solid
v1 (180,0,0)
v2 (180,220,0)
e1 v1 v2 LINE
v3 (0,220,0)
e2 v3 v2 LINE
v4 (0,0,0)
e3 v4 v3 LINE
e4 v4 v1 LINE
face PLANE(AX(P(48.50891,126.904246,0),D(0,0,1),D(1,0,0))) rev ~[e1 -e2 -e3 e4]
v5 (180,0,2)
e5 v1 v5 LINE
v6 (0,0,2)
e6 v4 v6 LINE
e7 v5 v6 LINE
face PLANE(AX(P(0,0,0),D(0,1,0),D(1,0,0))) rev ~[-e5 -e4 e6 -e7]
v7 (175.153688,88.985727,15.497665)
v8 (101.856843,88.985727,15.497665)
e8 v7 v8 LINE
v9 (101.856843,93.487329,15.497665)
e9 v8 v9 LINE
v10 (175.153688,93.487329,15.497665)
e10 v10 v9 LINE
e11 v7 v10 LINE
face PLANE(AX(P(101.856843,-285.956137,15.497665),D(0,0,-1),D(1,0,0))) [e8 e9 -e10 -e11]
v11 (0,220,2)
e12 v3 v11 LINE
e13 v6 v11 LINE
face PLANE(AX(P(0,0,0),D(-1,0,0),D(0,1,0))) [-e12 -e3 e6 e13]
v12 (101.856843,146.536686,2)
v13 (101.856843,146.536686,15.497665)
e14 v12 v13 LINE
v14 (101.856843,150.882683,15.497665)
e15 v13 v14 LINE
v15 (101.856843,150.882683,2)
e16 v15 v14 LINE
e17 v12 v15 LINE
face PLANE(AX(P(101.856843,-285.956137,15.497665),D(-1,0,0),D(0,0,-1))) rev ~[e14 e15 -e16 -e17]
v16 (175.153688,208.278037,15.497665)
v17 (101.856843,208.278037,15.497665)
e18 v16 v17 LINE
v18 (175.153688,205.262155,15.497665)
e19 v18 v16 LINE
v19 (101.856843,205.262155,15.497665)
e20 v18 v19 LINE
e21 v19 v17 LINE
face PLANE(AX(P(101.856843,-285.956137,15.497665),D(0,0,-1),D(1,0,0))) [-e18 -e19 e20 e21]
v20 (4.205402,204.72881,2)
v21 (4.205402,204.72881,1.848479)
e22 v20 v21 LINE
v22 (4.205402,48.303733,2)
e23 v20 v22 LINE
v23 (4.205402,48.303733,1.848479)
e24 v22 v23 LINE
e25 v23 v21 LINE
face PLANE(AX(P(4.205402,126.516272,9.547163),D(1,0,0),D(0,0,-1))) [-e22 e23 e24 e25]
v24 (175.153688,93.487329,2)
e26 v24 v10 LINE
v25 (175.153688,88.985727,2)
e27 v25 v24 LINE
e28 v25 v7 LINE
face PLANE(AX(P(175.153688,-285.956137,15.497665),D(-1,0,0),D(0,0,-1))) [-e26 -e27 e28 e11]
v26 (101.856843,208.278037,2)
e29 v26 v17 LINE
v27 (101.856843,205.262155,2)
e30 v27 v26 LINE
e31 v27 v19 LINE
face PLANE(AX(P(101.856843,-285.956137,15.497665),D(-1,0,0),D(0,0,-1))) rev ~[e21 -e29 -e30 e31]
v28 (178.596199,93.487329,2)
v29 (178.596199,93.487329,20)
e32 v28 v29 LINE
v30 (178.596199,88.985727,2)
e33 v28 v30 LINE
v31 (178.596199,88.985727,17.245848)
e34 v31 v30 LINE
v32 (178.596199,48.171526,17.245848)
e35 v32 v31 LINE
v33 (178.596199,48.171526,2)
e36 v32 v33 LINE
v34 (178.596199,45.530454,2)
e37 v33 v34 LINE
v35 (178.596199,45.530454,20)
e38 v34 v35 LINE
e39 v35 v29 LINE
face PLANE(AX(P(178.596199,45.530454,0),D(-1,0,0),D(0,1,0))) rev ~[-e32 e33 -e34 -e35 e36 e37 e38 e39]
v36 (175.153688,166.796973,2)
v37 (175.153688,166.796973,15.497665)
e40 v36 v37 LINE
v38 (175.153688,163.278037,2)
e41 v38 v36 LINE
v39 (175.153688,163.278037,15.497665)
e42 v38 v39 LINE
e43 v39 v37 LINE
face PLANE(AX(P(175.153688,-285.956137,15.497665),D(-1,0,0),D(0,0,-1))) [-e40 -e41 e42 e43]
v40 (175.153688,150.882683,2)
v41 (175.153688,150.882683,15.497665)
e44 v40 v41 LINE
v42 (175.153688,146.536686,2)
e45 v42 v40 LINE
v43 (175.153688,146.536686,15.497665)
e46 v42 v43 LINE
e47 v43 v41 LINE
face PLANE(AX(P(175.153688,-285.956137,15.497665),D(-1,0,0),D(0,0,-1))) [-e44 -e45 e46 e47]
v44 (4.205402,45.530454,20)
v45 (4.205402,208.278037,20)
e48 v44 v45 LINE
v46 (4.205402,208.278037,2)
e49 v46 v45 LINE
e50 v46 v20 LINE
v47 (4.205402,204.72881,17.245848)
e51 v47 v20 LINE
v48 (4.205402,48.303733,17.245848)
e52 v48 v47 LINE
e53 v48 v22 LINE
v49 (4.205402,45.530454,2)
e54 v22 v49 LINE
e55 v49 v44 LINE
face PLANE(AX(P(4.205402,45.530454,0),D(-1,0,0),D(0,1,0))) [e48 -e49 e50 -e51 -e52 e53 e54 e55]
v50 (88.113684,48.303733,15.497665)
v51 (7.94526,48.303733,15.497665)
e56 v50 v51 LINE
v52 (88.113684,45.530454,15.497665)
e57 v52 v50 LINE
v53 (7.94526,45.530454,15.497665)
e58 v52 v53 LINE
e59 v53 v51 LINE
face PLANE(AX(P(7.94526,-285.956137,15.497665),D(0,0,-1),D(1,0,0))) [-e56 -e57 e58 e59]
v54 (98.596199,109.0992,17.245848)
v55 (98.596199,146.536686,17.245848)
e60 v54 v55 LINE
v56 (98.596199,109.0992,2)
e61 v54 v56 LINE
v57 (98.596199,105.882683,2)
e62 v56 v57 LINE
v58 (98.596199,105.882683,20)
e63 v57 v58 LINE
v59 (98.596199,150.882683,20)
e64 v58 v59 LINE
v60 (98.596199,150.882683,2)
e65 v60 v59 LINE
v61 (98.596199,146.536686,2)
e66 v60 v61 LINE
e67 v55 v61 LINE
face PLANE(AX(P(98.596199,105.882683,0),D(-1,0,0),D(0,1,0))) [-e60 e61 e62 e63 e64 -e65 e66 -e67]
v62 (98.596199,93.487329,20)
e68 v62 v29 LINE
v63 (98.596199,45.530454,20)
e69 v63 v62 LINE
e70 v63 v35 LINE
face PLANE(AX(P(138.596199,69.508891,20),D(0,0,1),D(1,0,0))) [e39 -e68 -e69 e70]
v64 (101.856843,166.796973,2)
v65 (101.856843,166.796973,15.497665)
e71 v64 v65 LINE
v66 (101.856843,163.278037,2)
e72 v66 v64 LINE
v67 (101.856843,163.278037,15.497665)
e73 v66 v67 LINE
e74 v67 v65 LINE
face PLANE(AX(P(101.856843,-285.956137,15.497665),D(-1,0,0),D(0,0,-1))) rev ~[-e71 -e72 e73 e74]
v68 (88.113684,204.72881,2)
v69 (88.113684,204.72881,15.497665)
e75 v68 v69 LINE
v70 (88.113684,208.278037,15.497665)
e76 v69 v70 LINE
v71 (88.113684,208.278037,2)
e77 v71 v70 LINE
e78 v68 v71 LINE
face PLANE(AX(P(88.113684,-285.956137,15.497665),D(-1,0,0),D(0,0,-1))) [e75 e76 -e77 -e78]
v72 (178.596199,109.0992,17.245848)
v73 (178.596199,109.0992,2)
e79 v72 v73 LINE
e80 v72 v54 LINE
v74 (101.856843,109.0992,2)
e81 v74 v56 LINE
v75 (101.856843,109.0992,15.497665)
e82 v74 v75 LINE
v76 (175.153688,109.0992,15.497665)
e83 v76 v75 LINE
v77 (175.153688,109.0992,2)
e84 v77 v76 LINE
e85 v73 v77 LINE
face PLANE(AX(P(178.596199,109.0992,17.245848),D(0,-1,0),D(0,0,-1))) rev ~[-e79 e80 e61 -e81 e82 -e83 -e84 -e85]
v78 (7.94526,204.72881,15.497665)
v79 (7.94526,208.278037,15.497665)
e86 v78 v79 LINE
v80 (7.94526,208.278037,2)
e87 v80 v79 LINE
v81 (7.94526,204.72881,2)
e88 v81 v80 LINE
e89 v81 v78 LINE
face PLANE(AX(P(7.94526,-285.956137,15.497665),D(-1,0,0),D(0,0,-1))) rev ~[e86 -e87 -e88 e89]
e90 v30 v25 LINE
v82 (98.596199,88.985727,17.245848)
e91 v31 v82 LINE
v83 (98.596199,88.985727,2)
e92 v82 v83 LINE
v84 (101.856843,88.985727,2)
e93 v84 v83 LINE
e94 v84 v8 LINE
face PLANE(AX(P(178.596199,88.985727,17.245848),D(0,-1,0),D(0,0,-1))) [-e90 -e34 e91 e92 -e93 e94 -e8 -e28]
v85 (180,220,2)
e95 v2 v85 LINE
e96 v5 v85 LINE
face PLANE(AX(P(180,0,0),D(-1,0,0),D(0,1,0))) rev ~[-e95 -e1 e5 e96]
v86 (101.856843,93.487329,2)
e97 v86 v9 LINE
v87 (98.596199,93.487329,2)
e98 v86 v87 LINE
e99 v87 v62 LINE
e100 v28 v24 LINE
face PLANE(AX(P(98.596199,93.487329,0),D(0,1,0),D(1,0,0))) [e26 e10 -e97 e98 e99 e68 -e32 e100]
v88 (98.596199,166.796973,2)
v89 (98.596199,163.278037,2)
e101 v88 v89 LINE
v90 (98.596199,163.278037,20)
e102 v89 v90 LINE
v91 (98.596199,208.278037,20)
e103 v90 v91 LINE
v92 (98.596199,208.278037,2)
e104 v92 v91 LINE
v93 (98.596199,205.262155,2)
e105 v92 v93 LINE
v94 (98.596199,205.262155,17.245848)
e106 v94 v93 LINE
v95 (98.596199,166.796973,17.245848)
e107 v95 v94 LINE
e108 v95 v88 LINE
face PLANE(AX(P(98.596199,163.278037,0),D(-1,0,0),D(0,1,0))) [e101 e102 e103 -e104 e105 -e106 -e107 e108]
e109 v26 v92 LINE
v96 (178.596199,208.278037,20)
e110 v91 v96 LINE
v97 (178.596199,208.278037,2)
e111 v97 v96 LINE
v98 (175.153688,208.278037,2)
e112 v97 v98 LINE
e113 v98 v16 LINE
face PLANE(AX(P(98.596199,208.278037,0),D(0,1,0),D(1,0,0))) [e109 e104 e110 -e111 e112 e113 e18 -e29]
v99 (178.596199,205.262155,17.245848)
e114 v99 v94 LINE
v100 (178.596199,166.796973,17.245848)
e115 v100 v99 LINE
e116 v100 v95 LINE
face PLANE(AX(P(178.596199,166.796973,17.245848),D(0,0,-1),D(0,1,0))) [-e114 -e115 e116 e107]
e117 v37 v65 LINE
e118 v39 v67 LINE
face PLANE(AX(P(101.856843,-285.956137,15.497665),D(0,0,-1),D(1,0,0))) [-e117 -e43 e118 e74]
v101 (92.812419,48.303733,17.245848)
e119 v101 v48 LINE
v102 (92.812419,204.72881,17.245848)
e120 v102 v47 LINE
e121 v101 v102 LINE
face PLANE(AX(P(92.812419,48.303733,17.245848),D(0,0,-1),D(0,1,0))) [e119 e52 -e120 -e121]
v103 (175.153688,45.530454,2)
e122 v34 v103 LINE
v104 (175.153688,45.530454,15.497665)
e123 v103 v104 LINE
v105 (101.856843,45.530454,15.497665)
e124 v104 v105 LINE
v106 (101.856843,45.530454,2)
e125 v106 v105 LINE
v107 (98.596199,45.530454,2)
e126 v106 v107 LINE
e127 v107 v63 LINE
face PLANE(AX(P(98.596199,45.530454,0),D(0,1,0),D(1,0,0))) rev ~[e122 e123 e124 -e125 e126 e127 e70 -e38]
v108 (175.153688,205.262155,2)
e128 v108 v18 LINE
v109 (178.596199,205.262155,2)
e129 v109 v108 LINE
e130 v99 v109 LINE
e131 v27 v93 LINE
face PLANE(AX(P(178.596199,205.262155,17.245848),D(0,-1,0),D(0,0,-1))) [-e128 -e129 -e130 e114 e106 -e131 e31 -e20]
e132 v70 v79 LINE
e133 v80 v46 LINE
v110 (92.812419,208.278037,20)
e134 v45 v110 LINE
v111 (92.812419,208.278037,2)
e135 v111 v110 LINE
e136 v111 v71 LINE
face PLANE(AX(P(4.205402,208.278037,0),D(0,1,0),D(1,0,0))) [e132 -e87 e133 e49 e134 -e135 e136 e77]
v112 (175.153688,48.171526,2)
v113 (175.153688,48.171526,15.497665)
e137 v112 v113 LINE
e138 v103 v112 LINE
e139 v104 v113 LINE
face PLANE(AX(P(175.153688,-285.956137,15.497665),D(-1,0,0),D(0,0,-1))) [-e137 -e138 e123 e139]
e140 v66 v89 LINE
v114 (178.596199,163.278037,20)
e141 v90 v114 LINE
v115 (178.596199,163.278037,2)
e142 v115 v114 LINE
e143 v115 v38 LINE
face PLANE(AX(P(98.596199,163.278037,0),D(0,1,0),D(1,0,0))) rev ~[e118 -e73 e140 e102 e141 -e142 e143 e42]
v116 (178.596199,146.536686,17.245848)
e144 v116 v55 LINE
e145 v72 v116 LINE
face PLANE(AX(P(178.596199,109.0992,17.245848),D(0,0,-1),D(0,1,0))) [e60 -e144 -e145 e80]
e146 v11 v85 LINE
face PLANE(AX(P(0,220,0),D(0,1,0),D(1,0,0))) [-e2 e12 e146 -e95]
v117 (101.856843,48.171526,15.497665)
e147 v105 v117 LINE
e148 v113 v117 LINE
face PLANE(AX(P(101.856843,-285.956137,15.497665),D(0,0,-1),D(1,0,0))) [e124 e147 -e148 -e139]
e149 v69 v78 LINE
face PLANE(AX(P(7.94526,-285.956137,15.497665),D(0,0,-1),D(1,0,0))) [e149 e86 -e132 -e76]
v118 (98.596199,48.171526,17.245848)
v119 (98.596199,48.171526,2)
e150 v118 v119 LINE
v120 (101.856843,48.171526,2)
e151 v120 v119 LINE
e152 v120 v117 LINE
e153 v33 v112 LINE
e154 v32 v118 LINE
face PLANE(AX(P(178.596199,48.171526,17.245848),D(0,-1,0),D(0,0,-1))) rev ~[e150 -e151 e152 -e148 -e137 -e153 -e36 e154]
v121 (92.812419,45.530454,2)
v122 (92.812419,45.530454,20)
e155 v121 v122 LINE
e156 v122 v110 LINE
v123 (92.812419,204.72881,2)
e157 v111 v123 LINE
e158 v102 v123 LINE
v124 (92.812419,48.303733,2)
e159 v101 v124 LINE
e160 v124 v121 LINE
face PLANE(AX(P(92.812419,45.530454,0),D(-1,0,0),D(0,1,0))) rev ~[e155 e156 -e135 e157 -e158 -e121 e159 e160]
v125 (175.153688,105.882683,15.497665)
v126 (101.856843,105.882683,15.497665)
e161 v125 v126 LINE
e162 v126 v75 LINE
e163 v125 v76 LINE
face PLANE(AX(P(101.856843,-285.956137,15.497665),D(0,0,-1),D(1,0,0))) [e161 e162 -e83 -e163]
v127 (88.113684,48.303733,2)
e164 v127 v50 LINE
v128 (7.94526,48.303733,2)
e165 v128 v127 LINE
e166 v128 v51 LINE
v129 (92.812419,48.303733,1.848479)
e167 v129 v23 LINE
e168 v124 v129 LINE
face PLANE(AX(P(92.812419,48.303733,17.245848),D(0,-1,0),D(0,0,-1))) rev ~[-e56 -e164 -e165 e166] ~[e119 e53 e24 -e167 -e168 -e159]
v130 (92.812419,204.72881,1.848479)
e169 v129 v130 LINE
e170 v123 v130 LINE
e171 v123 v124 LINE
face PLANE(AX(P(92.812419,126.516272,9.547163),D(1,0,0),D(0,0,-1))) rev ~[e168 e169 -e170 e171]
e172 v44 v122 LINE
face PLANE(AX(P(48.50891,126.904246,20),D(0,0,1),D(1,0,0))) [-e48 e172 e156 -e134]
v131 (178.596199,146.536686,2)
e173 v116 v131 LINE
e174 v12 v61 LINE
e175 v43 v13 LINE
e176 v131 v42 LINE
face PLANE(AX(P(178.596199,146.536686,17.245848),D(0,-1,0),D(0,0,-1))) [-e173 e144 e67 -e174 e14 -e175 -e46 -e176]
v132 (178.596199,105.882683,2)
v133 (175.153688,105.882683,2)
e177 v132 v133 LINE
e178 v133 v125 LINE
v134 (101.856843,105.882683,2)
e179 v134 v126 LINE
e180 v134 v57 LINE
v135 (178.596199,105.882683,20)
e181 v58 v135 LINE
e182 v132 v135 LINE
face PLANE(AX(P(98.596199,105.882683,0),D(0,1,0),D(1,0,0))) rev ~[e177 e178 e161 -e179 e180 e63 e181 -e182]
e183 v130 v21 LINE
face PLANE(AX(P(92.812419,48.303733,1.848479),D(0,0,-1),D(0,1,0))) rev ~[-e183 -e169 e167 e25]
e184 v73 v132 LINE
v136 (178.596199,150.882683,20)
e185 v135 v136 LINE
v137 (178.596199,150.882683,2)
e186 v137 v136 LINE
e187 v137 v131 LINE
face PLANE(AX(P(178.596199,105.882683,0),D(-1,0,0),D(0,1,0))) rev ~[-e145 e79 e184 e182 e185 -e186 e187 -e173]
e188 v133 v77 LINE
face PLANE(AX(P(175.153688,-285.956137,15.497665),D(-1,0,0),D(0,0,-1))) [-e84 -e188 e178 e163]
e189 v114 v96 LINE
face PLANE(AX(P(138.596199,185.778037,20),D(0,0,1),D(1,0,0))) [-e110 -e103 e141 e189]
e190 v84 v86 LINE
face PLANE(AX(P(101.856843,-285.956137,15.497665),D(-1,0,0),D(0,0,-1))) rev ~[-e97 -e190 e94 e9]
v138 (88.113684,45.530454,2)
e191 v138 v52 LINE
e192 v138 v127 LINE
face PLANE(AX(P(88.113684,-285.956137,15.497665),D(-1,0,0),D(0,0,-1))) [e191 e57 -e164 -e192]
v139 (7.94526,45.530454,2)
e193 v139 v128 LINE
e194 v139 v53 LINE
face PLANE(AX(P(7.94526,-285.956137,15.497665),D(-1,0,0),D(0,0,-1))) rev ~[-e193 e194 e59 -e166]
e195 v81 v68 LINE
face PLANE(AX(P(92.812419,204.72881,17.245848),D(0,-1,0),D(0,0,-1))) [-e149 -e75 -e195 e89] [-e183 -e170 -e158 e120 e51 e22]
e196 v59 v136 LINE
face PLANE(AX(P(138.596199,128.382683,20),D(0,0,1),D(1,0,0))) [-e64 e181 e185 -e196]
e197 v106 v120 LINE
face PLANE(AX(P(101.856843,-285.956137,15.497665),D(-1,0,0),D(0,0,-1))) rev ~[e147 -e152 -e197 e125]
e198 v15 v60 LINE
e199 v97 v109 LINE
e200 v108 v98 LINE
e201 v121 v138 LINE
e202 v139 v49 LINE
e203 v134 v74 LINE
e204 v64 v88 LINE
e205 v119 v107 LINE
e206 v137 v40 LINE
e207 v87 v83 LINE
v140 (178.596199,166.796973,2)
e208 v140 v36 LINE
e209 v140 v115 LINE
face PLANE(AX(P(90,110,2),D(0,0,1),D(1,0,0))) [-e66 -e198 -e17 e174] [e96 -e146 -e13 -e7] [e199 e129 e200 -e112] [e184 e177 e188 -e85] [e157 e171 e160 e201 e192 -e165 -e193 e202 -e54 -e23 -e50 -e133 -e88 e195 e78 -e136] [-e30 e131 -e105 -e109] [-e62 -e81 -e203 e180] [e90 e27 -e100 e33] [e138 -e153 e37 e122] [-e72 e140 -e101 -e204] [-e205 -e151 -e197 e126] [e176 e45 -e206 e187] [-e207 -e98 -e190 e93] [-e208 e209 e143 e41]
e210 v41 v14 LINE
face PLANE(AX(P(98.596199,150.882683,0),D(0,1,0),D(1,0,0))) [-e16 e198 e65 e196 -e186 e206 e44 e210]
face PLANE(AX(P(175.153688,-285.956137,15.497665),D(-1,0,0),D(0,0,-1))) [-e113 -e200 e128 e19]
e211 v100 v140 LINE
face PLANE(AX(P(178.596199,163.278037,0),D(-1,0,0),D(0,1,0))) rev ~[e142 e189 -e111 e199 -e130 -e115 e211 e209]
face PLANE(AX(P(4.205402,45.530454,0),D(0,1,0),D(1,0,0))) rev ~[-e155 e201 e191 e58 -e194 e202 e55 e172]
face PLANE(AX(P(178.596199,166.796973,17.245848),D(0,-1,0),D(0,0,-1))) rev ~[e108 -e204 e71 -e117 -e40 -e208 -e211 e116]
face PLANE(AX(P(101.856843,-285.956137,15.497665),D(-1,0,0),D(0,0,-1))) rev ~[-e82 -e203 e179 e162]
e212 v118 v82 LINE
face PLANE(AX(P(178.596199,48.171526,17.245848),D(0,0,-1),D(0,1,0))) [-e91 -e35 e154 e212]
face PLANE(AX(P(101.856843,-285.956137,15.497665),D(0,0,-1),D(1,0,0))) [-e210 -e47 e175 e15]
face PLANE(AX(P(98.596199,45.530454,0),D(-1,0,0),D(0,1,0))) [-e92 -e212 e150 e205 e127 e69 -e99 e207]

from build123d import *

# Parameters (mm, degrees)
SKETCH1_W               = 180
SKETCH1_H               = 220
BASE_DEPTH              = 2
SKETCH2_W               = 88.607017387
SKETCH2_H               = 162.747582956
SKETCH2_W_2             = 80
SKETCH2_H_2             = 45
SKETCH2_H_3             = 47.956874403
BOARDS_DEPTH            = 20
CUT_EXTRUDE1_DEPTH      = 285.956136976
CUT_EXTRUDE1_DEPTH_BACK = 285.956136976
SKETCH3_W               = 80.16842423
SKETCH3_H               = 13.497664936
SKETCH3_W_2             = 73.29684501
SKETCH4_W               = 15.397369521
SKETCH4_H               = 156.425076719
CUT_EXTRUDE2_DEPTH      = 88.607017387
SKETCH5_W               = 15.24584824
SKETCH5_H               = 38.4651821
SKETCH5_H_2             = 37.437486396
SKETCH5_H_3             = 40.814200855
CUT_EXTRUDE3_DEPTH      = 80


with BuildPart() as part:
    # Sketch1 → Base (new body)
    with BuildSketch(Plane.XY):
        with Locations((90, 110)):
            Rectangle(SKETCH1_W, SKETCH1_H)
    extrude(amount=BASE_DEPTH)

    # Sketch2 → Boards (add)
    with BuildSketch(Plane.XY):
        with Locations((48.5089102, 126.904245713)):
            Rectangle(SKETCH2_W, SKETCH2_H)
        with Locations((138.596199401, 185.778037191)):
            Rectangle(SKETCH2_W_2, SKETCH2_H_2)
        with Locations((138.596199401, 128.382682915)):
            Rectangle(SKETCH2_W_2, SKETCH2_H_2)
        with Locations((138.596199401, 69.508891437)):
            Rectangle(SKETCH2_W_2, SKETCH2_H_3)
    extrude(amount=BOARDS_DEPTH)

    # Sketch3 → Cut-Extrude1 (cut, two sides: drawn at the far end of the back side and taken through both)
    with BuildSketch(Plane(origin=(0, 0, 0), x_dir=(1, 0, 0), z_dir=(0, 1, 0)).offset(-CUT_EXTRUDE1_DEPTH_BACK)):
        with Locations((48.029472021, -8.748832468)):
            Rectangle(SKETCH3_W, SKETCH3_H)
        with Locations((138.50526508, -8.748832468)):
            Rectangle(SKETCH3_W_2, SKETCH3_H)
    extrude(amount=CUT_EXTRUDE1_DEPTH + CUT_EXTRUDE1_DEPTH_BACK, mode=Mode.SUBTRACT)

    # Sketch4 → Cut-Extrude2 (cut)
    with BuildSketch(Plane(origin=(92.812418893, 0, 0), x_dir=(0, 0, -1), z_dir=(1, 0, 0))):
        with Locations((-9.547163479, 126.516271725)):
            Rectangle(SKETCH4_W, SKETCH4_H)
    extrude(amount=-CUT_EXTRUDE2_DEPTH, mode=Mode.SUBTRACT)

    # Sketch5 → Cut-Extrude3 (cut)
    with BuildSketch(Plane(origin=(178.596199401, 0, 0), x_dir=(0, 0, -1), z_dir=(1, 0, 0))):
        with Locations((-9.62292412, 186.029564078)):
            Rectangle(SKETCH5_W, SKETCH5_H)
        with Locations((-9.62292412, 127.817943074)):
            Rectangle(SKETCH5_W, SKETCH5_H_2)
        with Locations((-9.62292412, 68.578626366)):
            Rectangle(SKETCH5_W, SKETCH5_H_3)
    extrude(amount=-CUT_EXTRUDE3_DEPTH, mode=Mode.SUBTRACT)


solid = part.part
